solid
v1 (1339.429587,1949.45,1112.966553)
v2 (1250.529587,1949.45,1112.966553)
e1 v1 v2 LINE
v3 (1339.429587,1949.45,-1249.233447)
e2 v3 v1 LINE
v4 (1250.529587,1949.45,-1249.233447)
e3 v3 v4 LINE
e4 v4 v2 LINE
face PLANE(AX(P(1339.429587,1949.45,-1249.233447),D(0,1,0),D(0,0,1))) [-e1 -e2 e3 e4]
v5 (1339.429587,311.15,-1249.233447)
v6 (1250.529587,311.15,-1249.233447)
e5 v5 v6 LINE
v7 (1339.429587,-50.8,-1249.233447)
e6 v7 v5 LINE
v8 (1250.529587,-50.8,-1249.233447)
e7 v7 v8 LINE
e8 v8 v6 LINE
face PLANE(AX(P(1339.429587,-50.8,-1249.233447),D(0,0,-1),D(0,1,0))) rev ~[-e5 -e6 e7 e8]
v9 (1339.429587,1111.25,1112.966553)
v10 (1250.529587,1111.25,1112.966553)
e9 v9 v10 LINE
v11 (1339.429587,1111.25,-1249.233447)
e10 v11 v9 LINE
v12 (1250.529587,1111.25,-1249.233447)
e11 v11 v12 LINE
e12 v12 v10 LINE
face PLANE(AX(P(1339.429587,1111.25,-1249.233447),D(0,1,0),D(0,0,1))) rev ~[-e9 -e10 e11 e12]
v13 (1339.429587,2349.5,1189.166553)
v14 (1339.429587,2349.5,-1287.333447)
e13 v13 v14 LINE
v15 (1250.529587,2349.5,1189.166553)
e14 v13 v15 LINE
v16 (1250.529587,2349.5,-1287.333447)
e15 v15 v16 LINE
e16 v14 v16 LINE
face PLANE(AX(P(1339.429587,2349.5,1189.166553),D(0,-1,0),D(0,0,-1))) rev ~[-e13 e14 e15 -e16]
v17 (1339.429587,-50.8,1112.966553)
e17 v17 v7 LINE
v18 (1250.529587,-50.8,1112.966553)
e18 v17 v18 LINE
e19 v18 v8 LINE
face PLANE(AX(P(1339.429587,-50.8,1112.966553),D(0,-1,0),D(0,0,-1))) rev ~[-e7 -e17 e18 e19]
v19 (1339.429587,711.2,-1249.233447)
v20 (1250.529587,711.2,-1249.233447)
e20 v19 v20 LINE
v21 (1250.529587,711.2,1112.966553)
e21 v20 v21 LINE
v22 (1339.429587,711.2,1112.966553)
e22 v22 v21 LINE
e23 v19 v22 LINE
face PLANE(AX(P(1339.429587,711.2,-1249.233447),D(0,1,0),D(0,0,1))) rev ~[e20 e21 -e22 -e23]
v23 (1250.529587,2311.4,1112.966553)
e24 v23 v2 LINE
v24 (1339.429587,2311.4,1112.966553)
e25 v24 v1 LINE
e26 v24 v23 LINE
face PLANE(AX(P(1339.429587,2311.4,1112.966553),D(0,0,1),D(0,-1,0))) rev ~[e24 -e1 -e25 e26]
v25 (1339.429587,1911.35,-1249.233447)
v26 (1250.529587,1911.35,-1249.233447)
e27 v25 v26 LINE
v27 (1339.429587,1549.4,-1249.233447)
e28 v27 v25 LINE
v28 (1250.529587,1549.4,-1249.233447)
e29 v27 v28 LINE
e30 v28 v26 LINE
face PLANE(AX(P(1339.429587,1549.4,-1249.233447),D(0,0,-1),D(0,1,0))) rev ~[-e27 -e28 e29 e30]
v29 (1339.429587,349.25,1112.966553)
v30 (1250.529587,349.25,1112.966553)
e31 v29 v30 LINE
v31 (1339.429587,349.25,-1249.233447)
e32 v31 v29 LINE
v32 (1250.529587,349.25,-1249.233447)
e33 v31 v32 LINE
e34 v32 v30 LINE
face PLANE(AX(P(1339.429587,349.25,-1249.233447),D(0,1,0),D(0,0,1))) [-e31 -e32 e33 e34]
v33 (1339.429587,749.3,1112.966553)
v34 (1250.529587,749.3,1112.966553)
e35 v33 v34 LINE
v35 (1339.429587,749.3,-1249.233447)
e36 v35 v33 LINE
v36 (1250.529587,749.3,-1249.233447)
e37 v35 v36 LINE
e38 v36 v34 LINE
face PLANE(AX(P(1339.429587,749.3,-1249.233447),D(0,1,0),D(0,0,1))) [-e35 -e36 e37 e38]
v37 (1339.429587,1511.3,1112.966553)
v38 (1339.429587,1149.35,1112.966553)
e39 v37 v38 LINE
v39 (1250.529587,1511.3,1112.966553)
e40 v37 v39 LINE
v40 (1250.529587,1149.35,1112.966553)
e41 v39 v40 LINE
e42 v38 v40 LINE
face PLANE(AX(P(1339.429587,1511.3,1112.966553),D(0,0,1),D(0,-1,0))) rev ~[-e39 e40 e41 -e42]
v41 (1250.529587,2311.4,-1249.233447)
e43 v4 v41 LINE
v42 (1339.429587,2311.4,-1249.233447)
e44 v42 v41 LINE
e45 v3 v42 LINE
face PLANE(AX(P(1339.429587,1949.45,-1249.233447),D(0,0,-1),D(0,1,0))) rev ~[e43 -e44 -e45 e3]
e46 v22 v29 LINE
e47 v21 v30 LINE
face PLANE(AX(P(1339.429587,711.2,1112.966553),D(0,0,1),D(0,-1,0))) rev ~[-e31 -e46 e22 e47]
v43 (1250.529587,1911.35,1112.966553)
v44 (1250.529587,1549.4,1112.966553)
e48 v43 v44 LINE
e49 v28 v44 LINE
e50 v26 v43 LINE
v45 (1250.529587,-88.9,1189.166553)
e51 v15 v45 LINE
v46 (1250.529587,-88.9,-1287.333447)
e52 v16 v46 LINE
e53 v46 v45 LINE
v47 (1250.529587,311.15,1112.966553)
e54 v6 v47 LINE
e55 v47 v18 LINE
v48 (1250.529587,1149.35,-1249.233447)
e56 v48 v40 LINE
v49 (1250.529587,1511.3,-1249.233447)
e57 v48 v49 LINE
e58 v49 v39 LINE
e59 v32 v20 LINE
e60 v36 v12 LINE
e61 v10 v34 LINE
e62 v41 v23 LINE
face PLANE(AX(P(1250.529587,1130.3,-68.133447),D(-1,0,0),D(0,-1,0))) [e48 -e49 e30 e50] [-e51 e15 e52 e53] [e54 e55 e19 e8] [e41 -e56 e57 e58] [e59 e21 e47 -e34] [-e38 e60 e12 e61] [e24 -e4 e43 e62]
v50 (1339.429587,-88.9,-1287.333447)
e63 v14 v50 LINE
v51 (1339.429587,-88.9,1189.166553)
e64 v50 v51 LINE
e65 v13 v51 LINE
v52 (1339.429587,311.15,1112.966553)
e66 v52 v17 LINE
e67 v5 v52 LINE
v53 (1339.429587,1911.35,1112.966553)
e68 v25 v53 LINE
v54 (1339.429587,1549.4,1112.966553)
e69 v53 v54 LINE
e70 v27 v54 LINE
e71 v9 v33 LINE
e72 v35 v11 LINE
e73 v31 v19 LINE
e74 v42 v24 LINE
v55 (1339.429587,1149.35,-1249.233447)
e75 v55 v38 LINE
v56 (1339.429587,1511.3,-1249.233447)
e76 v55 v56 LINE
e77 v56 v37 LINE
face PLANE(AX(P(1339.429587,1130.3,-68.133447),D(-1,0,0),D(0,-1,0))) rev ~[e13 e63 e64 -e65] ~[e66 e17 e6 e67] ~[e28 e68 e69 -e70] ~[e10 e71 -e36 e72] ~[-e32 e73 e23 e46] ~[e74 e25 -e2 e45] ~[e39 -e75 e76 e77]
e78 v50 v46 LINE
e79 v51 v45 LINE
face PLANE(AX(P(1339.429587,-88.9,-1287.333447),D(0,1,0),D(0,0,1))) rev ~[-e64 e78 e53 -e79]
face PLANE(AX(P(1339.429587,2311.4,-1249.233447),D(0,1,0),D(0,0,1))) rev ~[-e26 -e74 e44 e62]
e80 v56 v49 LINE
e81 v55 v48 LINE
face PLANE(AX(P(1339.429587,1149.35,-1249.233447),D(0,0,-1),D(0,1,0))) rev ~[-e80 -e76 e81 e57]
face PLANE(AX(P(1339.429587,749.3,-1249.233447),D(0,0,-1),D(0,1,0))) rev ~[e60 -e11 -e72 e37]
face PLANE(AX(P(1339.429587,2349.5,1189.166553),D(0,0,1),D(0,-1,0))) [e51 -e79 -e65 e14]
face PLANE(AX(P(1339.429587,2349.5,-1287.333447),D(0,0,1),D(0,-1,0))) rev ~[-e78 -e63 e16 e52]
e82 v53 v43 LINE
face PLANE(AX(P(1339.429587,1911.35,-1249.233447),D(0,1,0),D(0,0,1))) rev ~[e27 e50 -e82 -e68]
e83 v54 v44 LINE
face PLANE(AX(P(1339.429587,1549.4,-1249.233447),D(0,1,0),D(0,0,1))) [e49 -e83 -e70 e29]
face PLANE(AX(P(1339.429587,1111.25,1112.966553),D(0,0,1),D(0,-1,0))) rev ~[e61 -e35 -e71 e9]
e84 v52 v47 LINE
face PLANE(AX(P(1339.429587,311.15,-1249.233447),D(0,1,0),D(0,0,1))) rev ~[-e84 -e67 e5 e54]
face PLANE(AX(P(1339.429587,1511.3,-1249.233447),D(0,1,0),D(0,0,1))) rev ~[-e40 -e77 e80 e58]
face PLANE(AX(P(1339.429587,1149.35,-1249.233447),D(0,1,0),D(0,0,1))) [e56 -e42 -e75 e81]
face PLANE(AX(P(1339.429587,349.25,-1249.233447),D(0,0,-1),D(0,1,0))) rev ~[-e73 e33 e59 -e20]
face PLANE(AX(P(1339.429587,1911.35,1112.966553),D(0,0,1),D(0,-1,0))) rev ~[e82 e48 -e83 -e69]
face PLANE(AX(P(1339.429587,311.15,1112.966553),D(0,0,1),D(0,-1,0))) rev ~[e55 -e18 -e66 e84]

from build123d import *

# Parameters (mm, degrees)
F0_W     = 2438.4
F0_H     = 2438.4
F0_W_2   = 38.1
F0_H_2   = 2362.2
F0_H_3   = 38.1
F1_DEPTH = 88.9
F2_ANGLE = 90


with BuildPart() as f1:
    # F0 (on Front) → F1 (new body)
    with BuildSketch(Plane.XZ):
        with Locations((31.3295868914, -68.1334469899)):
            Rectangle(F0_W, F0_H)
        Polygon((-1149.7704131086, -1249.2334469899), (-1149.7704131086, 1112.9665530101), (-787.8204131086, 1112.9665530101), (-749.7204131086, 1112.9665530101), (-387.7704131086, 1112.9665530101), (-349.6704131086, 1112.9665530101), (12.2795868914, 1112.9665530101), (50.3795868914, 1112.9665530101), (412.3295868914, 1112.9665530101), (450.4295868914, 1112.9665530101), (812.3795868914, 1112.9665530101), (850.4795868914, 1112.9665530101), (1164.1096339266, 1112.9665530101), (1212.4295868914, 1112.9665530101), (1212.4295868914, -1249.2334469899), (850.4795868914, -1249.2334469899), (812.3795868914, -1249.2334469899), (450.4295868914, -1249.2334469899), (412.3295868914, -1249.2334469899), (50.3795868914, -1249.2334469899), (12.2795868914, -1249.2334469899), (-349.6704131086, -1249.2334469899), (-387.7704131086, -1249.2334469899), (-749.7204131086, -1249.2334469899), (-787.8204131086, -1249.2334469899), align=None, mode=Mode.SUBTRACT)
        with Locations((831.4295868914, -68.1334469899)):
            Rectangle(F0_W_2, F0_H_2)
        with Locations((431.3795868914, -68.1334469899)):
            Rectangle(F0_W_2, F0_H_2)
        with Locations((31.3295868914, -68.1334469899)):
            Rectangle(F0_W_2, F0_H_2)
        with Locations((-368.7204131086, -68.1334469899)):
            Rectangle(F0_W_2, F0_H_2)
        with Locations((-768.7704131086, -68.1334469899)):
            Rectangle(F0_W_2, F0_H_2)
        with Locations((31.3295868914, 1170.1165530101)):
            Rectangle(F0_W, F0_H_3)
    extrude(amount=F1_DEPTH)


with BuildPart() as f1_1:
    # F2: moved
    add(f1.part.rotate(Axis((1250.5295868914, -88.9, -49.0834469899), (0, 0, -1)), F2_ANGLE))


solid = f1_1.part
